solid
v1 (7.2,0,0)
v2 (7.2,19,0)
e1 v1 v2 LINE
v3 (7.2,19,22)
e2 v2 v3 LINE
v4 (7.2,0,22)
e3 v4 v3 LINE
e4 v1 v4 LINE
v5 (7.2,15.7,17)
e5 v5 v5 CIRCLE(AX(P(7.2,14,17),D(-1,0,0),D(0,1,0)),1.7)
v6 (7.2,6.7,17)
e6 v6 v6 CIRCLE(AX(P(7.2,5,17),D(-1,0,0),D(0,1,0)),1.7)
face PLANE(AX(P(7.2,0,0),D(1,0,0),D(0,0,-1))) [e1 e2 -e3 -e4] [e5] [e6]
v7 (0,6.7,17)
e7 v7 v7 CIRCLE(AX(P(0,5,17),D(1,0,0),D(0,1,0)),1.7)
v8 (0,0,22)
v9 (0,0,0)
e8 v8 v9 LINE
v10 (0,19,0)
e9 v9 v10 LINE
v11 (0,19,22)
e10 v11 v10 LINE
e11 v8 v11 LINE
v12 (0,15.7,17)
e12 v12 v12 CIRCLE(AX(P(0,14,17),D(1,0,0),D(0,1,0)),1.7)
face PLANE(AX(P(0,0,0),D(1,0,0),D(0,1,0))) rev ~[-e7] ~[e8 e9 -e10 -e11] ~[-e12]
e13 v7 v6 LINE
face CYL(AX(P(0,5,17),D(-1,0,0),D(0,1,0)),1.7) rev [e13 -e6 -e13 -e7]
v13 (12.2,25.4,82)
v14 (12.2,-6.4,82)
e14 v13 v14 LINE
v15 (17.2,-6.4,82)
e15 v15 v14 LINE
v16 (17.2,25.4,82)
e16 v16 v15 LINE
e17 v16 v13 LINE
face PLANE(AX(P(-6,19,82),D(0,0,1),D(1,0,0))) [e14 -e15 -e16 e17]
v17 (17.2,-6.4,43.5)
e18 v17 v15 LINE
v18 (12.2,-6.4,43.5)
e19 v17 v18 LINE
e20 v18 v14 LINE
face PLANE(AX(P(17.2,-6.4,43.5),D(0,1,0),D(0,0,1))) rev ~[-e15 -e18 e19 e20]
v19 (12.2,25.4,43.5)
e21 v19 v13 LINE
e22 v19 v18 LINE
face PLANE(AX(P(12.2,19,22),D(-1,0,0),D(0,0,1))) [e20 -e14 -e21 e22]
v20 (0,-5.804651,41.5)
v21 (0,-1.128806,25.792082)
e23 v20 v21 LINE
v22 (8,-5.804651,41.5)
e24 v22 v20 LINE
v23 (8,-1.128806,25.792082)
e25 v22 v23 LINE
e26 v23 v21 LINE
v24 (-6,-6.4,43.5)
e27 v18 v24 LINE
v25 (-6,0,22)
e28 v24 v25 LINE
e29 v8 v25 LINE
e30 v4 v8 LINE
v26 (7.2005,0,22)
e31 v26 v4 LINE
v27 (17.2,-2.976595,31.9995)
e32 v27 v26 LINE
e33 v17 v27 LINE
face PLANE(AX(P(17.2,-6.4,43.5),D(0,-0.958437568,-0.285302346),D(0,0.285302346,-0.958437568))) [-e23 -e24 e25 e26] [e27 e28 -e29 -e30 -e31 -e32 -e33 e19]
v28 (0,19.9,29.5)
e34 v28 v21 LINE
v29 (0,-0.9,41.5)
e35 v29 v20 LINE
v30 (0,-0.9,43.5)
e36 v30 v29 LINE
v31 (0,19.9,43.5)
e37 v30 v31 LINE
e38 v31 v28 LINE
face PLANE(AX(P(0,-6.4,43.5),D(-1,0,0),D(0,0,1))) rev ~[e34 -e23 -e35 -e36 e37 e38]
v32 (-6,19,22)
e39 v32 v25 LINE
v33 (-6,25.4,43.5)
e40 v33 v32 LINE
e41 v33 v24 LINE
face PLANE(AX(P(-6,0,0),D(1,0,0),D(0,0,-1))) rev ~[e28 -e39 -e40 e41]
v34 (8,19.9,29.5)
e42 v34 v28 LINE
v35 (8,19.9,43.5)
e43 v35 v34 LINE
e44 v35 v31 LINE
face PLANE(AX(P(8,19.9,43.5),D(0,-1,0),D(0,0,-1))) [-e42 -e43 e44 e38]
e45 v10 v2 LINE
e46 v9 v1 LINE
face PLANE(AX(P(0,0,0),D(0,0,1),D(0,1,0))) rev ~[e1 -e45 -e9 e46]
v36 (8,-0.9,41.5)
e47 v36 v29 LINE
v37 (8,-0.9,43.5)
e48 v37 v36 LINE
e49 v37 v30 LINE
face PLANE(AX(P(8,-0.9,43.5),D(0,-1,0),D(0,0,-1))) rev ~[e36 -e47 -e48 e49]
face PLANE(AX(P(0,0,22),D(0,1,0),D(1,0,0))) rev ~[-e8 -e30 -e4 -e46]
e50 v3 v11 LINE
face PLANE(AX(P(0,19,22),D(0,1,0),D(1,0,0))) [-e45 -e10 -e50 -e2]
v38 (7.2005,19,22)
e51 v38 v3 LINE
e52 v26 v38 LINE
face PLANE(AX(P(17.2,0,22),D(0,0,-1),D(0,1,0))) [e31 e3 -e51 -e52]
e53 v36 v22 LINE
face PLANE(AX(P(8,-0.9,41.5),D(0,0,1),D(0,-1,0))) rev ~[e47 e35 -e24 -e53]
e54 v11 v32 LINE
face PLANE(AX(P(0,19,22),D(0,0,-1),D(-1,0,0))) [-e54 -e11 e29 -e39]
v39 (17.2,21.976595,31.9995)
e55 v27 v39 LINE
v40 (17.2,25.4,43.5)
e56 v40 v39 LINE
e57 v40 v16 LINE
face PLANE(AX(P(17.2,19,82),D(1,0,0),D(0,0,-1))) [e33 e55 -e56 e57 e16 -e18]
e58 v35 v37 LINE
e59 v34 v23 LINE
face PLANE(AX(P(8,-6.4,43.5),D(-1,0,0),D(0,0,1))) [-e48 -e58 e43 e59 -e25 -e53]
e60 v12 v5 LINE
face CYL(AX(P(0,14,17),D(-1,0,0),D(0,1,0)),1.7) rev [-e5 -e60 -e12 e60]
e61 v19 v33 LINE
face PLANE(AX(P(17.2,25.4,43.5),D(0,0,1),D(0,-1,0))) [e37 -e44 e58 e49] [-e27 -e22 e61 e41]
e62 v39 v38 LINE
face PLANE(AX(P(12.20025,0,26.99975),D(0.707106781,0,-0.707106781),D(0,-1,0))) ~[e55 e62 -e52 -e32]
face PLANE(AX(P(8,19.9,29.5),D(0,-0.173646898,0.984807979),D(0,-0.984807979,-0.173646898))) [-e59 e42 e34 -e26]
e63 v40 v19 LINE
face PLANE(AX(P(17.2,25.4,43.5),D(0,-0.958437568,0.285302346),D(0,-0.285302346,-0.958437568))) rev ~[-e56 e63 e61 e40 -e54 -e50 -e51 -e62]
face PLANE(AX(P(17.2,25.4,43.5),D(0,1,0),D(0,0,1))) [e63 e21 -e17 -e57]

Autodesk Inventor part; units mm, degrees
ref_plane "YZ Plane" through (0, 0, 0) normal (1, 0, 0) x (0, 1, 0)
ref_plane "XZ Plane" through (0, 0, 0) normal (0, 1, 0) x (-1, 0, 0)
ref_plane "XY Plane" through (0, 0, 0) normal (0, 0, 1) x (1, 0, 0)
sketch "Sketch1" plane through (0, 0, 0) normal (1, 0, 0) x (0, 1, 0)
  line L0 (0, 0) -> (19, 0)
  line L1 (19, 0) -> (19, 22)
  line L2 (19, 22) -> (0, 22)
  line L3 (0, 22) -> (0, 0)
  line L4 (19, 22) -> (14, 22)
  line L5 (14, 22) -> (14, 17)
  line L6 (14, 17) -> (19, 17)
  line L7 (19, 17) -> (19, 22)
  line L8 (0, 22) -> (5, 22)
  line L9 (5, 22) -> (5, 17)
  line L10 (5, 17) -> (0, 17)
  line L11 (0, 17) -> (0, 22)
  circle A0 centre (14, 17) radius 1.7
  circle A1 centre (5, 17) radius 1.7
  dimension "d0" = 19
  dimension "d1" = 22
  dimension "d2" = 5
  dimension "d3" = 5
  dimension "d4" = 5
  dimension "d5" = 5
  dimension "d6" = 3.4
  dimension "d7" = 3.4
extrude "Extrusion1" add sketch "Sketch1" along normal blind 17.2 contours L3 L10 A1 L9 L2 L5 A0 L6 L1 L0 | L3 L2 L9 A1 L10 | L6 A0 L5 L2 L1
sketch "Sketch2" plane through (0, 19, 22) normal (0, 1, 0) x (1, 0, 0)
  line L0 (0, 0) -> (17.2, 0) projected
  line L1 (17.2, 0) -> (-6, 0)
  line L2 (-6, 0) -> (-6, -60)
  line L3 (-6, -60) -> (17.2, -60)
  line L4 (17.2, -60) -> (17.2, 0)
  point P0 (0, 22)
  dimension "d10" = 23.2
  dimension "d11" = 60
extrude "Extrusion2" add sketch "Sketch2" against normal blind 19
sketch "Sketch3" plane through (-6, 19, 22) normal (-1, 0, 0) x (0, 0, 1)
  line L0 (-22, 0) -> (60, 0) projected
  line L1 (-22, -19) -> (60, -19) projected
  line L2 (60, 0) -> (21.5, 0)
  line L3 (21.5, 0) -> (21.5, -19)
  line L4 (21.5, -19) -> (60, -19)
  line L5 (60, -19) -> (60, 0)
  point P0 (-10, 0)
  point P1 (-10, -19)
  dimension "d23" = 38.5
extrude "Extrusion3" cut sketch "Sketch3" against normal blind 18.2
sketch "Sketch4" plane through (17.2, 0, 0) normal (1, 0, 0) x (0, 0, -1)
  line L0 (0, 0) -> (0, 19) projected
  line L1 (0, 19) -> (-82, 19) projected
  line L2 (0, 0) -> (-22, 0)
  line L3 (-22, 0) -> (-22, 19)
  line L4 (-22, 19) -> (0, 19)
  line L5 (0, 19) -> (0, 0)
  dimension "d26" = 22
extrude "Extrusion4" cut sketch "Sketch4" against normal blind 10
sketch "Sketch5" plane through (17.2, 0, 0) normal (1, 0, 0) x (0, 0, -1)
  line L0 (-22, 0) -> (-22, 19) projected
  line L1 (-22, 9.5) -> (-22, 25.4)
  line L2 (-43.5, 0) -> (-43.5, 19) projected
  line L3 (-22, 25.4) -> (-43.5, 25.4)
  line L4 (-43.5, 25.4) -> (-43.5, 19)
  line L5 (-43.5, 19) -> (-22, 19)
  line L6 (-22, 19) -> (-22, 25.4)
  line L7 (0, 19) -> (-22, 19) projected
  line L8 (-43.5, 25.4) -> (-22, 19)
  line L9 (-22, 9.5) -> (-27.2776, 9.5)
  line L10 (-22, 19) -> (-22, 0)
  line L11 (-22, 9.5) -> (-22, -6.4)
  line L12 (-43.5, 19) -> (-43.5, 0)
  line L13 (-22, -6.4) -> (-43.5, -6.4)
  line L14 (-43.5, -6.4) -> (-43.5, 0)
  line L15 (-43.5, 0) -> (-22, 0)
  line L16 (-22, 0) -> (-22, -6.4)
  line L17 (0, 0) -> (-22, 0)
  line L18 (-43.5, -6.4) -> (-22, 0)
  point P0 (0, 0)
  dimension "d29" = 15.9
extrude "Extrusion5" add sketch "Sketch5" against normal blind 23.2 contours L18 L14 L15 | L5 L4 L8
sketch "Sketch6" plane through (17.2, 0, 0) normal (1, 0, 0) x (0, 0, -1)
  line L0 (-82, 19) -> (-82, 0) projected
  line L1 (-43.5, -6.4) -> (-43.5, 25.4) projected
  line L2 (-82, 0) -> (-43.5, 0)
  line L3 (-43.5, 0) -> (-43.5, -6.4)
  line L4 (-43.5, -6.4) -> (-82, -6.4)
  line L5 (-82, -6.4) -> (-82, 0)
  line L6 (-43.5, 19) -> (-82, 19) projected
  line L7 (-43.5, 25.4) -> (-22, 19) projected
  line L8 (-82, 19) -> (-43.5, 19)
  line L9 (-43.5, 19) -> (-43.5, 25.4)
  line L10 (-43.5, 25.4) -> (-82, 25.4)
  line L11 (-82, 25.4) -> (-82, 19)
  point P0 (0, 0)
extrude "Extrusion6" add sketch "Sketch6" against normal blind 5 contours L11 L10 L1 L6 | L2 L1 L4 L5
chamfer "Chamfer4" distance 10 angle 45 1 edges at (17.2, 9.5, 22)
ref_plane "Work Plane1" through (8, -6.4, 43.5) normal (-1, 0, 0) x (0, 0, 1)
sketch "Sketch11" plane through (8, -6.4, 43.5) normal (-1, 0, 0) x (0, 0, 1)
  line L0 (38.5, 31.8) -> (0, 31.8) projected
  line L1 (38.5, 0) -> (0, 0) projected
  line L2 (0, 31.8) -> (0, 0)
  line L3 (0, 0) -> (0, 31.8) projected
  line L4 (0, 15.9) -> (0, 5.5)
  line L5 (0, 5.5) -> (0, 26.3)
  line L6 (0, 26.3) -> (-14, 26.3)
  line L7 (-14, 26.3) -> (-19.2094, -3.2442)
  line L8 (0, 5.5) -> (-2, 5.5)
  line L9 (-2, 5.5) -> (-2, -4.5)
  line L10 (-19.2094, -3.2442) -> (-2, -4.5)
  point P0 (-43.5, 6.4)
  dimension "d61" = 10.4
  dimension "d62" = 20.8
  dimension "d63" = 14
  dimension "d64" = 30
  dimension "d65" = 100
  dimension "d66" = 2
  dimension "d67" = 10
  dimension "d68" = 90
extrude "Extrusion10" cut sketch "Sketch11" along normal blind 8
sketch "Sketch12" plane through (12.2, 19, 22) normal (-1, 0, 0) x (0, 0, 1)
  point P0 (-22, -19)
properties part number "Finger"
